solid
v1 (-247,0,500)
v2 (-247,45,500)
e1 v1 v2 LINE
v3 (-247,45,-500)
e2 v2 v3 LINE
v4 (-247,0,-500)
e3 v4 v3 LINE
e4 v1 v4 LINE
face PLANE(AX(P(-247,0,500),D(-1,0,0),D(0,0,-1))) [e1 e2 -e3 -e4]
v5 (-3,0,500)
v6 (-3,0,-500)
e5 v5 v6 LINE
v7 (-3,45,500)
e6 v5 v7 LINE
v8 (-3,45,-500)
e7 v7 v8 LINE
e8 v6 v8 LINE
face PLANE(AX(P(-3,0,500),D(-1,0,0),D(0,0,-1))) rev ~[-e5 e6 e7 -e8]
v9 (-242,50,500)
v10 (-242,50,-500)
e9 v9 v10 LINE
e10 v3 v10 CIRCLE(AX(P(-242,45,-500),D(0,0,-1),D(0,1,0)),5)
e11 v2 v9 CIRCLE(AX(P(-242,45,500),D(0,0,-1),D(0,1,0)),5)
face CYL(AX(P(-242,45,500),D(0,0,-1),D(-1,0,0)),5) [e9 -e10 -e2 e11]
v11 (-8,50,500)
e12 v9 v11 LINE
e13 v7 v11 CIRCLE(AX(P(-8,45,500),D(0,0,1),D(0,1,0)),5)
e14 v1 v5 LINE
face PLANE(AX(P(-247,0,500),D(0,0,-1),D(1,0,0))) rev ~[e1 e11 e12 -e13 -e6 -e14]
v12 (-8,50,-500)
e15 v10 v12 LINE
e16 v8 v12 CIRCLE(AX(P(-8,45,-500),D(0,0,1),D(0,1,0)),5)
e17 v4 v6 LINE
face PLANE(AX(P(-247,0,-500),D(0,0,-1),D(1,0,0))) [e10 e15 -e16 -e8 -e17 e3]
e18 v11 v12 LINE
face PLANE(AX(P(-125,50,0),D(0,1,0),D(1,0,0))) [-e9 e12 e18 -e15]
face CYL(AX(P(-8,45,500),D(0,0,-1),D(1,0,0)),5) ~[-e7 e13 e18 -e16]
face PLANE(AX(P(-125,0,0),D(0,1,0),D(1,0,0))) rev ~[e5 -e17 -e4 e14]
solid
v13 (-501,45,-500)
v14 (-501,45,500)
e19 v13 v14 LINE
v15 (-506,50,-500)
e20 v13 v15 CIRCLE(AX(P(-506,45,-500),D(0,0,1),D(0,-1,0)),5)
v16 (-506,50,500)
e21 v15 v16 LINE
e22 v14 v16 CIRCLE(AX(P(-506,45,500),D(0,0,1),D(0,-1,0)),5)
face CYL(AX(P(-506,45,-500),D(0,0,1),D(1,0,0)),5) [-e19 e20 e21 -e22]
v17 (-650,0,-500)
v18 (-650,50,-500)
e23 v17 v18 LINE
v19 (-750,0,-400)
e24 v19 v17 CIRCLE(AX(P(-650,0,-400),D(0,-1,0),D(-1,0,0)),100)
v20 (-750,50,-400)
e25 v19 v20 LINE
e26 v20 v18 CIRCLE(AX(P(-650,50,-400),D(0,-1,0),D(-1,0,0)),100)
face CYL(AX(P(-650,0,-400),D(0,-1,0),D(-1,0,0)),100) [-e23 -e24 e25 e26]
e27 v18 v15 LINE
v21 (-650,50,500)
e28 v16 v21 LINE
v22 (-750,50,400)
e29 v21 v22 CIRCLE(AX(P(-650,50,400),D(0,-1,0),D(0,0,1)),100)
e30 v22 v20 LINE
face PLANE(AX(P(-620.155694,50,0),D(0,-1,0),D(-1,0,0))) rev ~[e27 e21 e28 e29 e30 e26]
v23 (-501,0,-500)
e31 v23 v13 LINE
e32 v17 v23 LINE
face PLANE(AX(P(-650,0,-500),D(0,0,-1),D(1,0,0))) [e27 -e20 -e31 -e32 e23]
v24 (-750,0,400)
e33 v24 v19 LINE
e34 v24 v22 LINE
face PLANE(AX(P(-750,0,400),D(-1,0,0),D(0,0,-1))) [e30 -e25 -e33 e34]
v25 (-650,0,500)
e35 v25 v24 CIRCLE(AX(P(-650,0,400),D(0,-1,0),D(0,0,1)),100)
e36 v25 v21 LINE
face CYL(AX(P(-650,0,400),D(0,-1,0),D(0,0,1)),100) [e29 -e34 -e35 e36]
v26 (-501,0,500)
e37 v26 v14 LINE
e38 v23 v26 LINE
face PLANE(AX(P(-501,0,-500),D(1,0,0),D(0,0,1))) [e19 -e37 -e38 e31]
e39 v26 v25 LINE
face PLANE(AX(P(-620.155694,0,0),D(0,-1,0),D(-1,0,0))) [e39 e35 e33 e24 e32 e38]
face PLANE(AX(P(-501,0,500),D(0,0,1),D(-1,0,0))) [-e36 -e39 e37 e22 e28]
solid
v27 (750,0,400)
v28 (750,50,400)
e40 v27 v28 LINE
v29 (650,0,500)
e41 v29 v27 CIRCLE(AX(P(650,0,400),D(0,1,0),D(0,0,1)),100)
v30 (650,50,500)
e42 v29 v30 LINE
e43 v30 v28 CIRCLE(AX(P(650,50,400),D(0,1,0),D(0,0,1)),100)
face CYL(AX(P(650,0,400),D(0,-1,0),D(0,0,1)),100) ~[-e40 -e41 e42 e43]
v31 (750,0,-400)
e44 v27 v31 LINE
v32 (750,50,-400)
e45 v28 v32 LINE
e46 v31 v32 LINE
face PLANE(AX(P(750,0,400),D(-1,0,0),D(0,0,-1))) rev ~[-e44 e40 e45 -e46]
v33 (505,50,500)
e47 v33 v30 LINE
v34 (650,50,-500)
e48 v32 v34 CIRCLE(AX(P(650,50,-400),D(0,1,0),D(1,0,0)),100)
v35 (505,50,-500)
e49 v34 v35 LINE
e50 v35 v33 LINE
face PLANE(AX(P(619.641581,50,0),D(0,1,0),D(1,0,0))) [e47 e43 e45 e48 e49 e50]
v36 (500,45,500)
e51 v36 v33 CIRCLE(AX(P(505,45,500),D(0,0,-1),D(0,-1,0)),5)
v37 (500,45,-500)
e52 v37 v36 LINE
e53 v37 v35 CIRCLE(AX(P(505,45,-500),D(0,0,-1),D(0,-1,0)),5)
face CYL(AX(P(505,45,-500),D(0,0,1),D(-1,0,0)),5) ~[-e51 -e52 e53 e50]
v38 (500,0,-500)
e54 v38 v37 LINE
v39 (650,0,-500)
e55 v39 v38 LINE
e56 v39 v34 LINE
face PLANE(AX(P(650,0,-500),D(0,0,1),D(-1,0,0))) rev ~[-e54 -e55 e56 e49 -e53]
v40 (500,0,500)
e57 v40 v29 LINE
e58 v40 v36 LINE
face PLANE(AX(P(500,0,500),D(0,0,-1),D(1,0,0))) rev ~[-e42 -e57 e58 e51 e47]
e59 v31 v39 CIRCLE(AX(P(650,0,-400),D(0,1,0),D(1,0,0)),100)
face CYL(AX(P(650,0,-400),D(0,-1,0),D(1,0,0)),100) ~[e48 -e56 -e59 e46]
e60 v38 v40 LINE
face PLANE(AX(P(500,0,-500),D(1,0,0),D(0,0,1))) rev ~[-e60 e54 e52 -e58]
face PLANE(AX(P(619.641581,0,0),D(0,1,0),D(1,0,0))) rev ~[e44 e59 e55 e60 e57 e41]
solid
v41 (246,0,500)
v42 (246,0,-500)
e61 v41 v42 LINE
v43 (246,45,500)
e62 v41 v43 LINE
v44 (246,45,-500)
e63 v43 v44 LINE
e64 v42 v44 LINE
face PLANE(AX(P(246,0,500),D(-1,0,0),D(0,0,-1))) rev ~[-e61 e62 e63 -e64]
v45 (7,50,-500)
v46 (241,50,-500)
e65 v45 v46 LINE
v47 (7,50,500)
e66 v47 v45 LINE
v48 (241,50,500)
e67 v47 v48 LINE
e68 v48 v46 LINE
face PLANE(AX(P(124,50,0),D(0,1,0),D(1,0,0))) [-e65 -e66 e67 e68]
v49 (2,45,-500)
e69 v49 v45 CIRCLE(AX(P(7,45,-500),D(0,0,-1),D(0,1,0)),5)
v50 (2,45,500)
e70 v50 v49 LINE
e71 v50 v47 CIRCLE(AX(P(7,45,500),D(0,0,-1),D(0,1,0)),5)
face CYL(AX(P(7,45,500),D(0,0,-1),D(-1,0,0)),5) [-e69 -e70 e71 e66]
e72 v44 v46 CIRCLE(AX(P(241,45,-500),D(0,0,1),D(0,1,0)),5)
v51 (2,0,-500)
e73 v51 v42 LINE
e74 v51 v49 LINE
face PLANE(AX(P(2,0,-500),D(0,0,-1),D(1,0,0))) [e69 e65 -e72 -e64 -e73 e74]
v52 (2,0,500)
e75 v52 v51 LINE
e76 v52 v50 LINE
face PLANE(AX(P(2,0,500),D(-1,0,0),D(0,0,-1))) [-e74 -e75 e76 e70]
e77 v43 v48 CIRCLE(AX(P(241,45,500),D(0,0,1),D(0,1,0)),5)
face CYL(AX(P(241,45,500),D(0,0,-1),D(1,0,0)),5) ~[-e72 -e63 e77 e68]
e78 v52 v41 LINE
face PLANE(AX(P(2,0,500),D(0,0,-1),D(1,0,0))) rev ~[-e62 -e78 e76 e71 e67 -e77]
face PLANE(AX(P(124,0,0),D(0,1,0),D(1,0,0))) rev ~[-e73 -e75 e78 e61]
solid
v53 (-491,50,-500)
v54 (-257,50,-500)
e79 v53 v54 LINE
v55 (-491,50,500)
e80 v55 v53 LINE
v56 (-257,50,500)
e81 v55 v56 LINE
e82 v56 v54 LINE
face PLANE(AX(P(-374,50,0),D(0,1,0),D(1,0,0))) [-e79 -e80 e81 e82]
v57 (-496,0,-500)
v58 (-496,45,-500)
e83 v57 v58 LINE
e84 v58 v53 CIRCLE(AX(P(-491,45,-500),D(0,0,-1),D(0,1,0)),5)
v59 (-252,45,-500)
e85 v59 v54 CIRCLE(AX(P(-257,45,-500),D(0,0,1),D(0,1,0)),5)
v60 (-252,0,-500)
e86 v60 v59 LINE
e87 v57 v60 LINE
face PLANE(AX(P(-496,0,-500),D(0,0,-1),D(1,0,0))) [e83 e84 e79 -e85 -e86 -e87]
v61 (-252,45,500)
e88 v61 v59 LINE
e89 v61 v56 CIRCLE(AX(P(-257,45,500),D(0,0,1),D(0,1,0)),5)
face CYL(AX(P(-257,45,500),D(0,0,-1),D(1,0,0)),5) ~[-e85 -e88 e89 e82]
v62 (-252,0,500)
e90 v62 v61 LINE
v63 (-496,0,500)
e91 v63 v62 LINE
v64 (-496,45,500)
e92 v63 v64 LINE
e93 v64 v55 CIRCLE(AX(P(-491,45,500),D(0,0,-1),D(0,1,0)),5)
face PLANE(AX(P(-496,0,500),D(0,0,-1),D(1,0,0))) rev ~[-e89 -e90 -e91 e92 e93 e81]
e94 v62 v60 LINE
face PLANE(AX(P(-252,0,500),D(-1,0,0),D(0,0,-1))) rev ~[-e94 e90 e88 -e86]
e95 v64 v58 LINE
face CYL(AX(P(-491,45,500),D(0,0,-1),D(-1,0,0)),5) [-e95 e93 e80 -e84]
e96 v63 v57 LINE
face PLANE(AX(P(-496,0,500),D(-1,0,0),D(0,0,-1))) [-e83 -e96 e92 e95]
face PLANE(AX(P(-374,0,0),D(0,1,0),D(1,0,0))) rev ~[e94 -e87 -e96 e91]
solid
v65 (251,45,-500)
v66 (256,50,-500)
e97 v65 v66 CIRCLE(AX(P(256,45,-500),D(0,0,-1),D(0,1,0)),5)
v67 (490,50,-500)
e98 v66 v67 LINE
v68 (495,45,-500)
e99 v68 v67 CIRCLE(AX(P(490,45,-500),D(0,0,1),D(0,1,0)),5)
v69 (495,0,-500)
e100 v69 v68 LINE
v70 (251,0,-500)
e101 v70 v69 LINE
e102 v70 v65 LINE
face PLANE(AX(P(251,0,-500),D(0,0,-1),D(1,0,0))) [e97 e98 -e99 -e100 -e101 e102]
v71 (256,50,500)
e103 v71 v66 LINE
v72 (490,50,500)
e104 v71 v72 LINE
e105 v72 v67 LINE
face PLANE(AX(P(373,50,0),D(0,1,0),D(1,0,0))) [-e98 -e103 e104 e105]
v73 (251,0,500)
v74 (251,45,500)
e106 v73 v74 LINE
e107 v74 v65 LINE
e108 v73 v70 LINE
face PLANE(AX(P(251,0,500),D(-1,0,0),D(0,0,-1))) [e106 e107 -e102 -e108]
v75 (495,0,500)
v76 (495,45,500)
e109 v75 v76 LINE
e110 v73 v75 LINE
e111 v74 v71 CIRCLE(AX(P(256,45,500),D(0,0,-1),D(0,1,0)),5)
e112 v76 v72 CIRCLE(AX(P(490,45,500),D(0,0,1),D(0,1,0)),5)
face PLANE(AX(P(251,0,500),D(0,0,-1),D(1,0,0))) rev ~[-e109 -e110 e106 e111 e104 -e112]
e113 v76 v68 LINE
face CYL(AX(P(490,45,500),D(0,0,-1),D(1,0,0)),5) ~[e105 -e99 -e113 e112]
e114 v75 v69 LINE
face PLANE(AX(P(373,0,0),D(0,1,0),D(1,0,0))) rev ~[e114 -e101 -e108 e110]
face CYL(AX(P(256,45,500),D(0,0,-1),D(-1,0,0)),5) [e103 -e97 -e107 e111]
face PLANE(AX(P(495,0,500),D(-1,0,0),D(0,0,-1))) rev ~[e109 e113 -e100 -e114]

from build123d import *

# Parameters (mm, degrees)
SALIENTE_EXTRUIR3_DEPTH   = 50
CROQUIS1_W                = 244
CROQUIS1_H                = 1000
SALIENTE_EXTRUIR3_2_DEPTH = 50
SALIENTE_EXTRUIR3_3_DEPTH = 50
SALIENTE_EXTRUIR3_4_DEPTH = 50
SALIENTE_EXTRUIR3_5_DEPTH = 50
SALIENTE_EXTRUIR3_6_DEPTH = 50
REDONDEO1_R               = 5
REDONDEO2_R               = 5
REDONDEO3_R               = 5
REDONDEO4_R               = 5
REDONDEO5_R               = 5
REDONDEO6_R               = 5


with BuildPart() as part:
    # Croquis1 → Saliente-Extruir3 (new body)
    with BuildSketch(Plane(origin=(0, 0, 0), x_dir=(1, 0, 0), z_dir=(0, 1, 0))):
        with BuildLine():
            ThreePointArc((-650, -500), (-720.710678119, -470.710678119), (-750, -400))
            Line((-750, -400), (-750, 400))
            ThreePointArc((-750, 400), (-720.710678119, 470.710678119), (-650, 500))
            Line((-650, 500), (-501, 500))
            Line((-501, 500), (-501, -500))
            Line((-501, -500), (-650, -500))
        make_face()
    extrude(amount=SALIENTE_EXTRUIR3_DEPTH)

    # Redondeo1
    redondeo1_edges = [part.edges().sort_by_distance(p)[0] for p in [
        (-501, 50, 0),
    ]]
    fillet(redondeo1_edges, radius=REDONDEO1_R)


with BuildPart() as body_2:
    # Croquis1 → Saliente-Extruir3 2 (new body)
    with BuildSketch(Plane(origin=(0, 0, 0), x_dir=(1, 0, 0), z_dir=(0, 1, 0))):
        with Locations((-374, 0)):
            Rectangle(CROQUIS1_W, CROQUIS1_H)
    extrude(amount=SALIENTE_EXTRUIR3_2_DEPTH)

    # Redondeo2
    redondeo2_edges = [body_2.edges().sort_by_distance(p)[0] for p in [
        (-496, 50, 0),
        (-252, 50, 0),
    ]]
    fillet(redondeo2_edges, radius=REDONDEO2_R)


with BuildPart() as body_3:
    # Croquis1 → Saliente-Extruir3 3 (new body)
    with BuildSketch(Plane(origin=(0, 0, 0), x_dir=(1, 0, 0), z_dir=(0, 1, 0))):
        with Locations((-125, 0)):
            Rectangle(CROQUIS1_W, CROQUIS1_H)
    extrude(amount=SALIENTE_EXTRUIR3_3_DEPTH)

    # Redondeo3
    redondeo3_edges = [body_3.edges().sort_by_distance(p)[0] for p in [
        (-247, 50, 0),
        (-3, 50, 0),
    ]]
    fillet(redondeo3_edges, radius=REDONDEO3_R)


with BuildPart() as body_4:
    # Croquis1 → Saliente-Extruir3 4 (new body)
    with BuildSketch(Plane(origin=(0, 0, 0), x_dir=(1, 0, 0), z_dir=(0, 1, 0))):
        with Locations((124, 0)):
            Rectangle(CROQUIS1_W, CROQUIS1_H)
    extrude(amount=SALIENTE_EXTRUIR3_4_DEPTH)

    # Redondeo4
    redondeo4_edges = [body_4.edges().sort_by_distance(p)[0] for p in [
        (2, 50, 0),
        (246, 50, 0),
    ]]
    fillet(redondeo4_edges, radius=REDONDEO4_R)


with BuildPart() as body_5:
    # Croquis1 → Saliente-Extruir3 5 (new body)
    with BuildSketch(Plane(origin=(0, 0, 0), x_dir=(1, 0, 0), z_dir=(0, 1, 0))):
        with Locations((373, 0)):
            Rectangle(CROQUIS1_W, CROQUIS1_H)
    extrude(amount=SALIENTE_EXTRUIR3_5_DEPTH)

    # Redondeo5
    redondeo5_edges = [body_5.edges().sort_by_distance(p)[0] for p in [
        (251, 50, 0),
        (495, 50, 0),
    ]]
    fillet(redondeo5_edges, radius=REDONDEO5_R)


with BuildPart() as body_6:
    # Croquis1 → Saliente-Extruir3 6 (new body)
    with BuildSketch(Plane(origin=(0, 0, 0), x_dir=(1, 0, 0), z_dir=(0, 1, 0))):
        with BuildLine():
            Line((500, -500), (650, -500))
            ThreePointArc((650, -500), (720.710678119, -470.710678119), (750, -400))
            Line((750, -400), (750, 400))
            ThreePointArc((750, 400), (720.710678119, 470.710678119), (650, 500))
            Line((650, 500), (500, 500))
            Line((500, 500), (500, -500))
        make_face()
    extrude(amount=SALIENTE_EXTRUIR3_6_DEPTH)

    # Redondeo6
    redondeo6_edges = [body_6.edges().sort_by_distance(p)[0] for p in [
        (500, 50, 0),
    ]]
    fillet(redondeo6_edges, radius=REDONDEO6_R)


solid = Compound([part.part, body_2.part, body_3.part, body_4.part, body_5.part, body_6.part])
